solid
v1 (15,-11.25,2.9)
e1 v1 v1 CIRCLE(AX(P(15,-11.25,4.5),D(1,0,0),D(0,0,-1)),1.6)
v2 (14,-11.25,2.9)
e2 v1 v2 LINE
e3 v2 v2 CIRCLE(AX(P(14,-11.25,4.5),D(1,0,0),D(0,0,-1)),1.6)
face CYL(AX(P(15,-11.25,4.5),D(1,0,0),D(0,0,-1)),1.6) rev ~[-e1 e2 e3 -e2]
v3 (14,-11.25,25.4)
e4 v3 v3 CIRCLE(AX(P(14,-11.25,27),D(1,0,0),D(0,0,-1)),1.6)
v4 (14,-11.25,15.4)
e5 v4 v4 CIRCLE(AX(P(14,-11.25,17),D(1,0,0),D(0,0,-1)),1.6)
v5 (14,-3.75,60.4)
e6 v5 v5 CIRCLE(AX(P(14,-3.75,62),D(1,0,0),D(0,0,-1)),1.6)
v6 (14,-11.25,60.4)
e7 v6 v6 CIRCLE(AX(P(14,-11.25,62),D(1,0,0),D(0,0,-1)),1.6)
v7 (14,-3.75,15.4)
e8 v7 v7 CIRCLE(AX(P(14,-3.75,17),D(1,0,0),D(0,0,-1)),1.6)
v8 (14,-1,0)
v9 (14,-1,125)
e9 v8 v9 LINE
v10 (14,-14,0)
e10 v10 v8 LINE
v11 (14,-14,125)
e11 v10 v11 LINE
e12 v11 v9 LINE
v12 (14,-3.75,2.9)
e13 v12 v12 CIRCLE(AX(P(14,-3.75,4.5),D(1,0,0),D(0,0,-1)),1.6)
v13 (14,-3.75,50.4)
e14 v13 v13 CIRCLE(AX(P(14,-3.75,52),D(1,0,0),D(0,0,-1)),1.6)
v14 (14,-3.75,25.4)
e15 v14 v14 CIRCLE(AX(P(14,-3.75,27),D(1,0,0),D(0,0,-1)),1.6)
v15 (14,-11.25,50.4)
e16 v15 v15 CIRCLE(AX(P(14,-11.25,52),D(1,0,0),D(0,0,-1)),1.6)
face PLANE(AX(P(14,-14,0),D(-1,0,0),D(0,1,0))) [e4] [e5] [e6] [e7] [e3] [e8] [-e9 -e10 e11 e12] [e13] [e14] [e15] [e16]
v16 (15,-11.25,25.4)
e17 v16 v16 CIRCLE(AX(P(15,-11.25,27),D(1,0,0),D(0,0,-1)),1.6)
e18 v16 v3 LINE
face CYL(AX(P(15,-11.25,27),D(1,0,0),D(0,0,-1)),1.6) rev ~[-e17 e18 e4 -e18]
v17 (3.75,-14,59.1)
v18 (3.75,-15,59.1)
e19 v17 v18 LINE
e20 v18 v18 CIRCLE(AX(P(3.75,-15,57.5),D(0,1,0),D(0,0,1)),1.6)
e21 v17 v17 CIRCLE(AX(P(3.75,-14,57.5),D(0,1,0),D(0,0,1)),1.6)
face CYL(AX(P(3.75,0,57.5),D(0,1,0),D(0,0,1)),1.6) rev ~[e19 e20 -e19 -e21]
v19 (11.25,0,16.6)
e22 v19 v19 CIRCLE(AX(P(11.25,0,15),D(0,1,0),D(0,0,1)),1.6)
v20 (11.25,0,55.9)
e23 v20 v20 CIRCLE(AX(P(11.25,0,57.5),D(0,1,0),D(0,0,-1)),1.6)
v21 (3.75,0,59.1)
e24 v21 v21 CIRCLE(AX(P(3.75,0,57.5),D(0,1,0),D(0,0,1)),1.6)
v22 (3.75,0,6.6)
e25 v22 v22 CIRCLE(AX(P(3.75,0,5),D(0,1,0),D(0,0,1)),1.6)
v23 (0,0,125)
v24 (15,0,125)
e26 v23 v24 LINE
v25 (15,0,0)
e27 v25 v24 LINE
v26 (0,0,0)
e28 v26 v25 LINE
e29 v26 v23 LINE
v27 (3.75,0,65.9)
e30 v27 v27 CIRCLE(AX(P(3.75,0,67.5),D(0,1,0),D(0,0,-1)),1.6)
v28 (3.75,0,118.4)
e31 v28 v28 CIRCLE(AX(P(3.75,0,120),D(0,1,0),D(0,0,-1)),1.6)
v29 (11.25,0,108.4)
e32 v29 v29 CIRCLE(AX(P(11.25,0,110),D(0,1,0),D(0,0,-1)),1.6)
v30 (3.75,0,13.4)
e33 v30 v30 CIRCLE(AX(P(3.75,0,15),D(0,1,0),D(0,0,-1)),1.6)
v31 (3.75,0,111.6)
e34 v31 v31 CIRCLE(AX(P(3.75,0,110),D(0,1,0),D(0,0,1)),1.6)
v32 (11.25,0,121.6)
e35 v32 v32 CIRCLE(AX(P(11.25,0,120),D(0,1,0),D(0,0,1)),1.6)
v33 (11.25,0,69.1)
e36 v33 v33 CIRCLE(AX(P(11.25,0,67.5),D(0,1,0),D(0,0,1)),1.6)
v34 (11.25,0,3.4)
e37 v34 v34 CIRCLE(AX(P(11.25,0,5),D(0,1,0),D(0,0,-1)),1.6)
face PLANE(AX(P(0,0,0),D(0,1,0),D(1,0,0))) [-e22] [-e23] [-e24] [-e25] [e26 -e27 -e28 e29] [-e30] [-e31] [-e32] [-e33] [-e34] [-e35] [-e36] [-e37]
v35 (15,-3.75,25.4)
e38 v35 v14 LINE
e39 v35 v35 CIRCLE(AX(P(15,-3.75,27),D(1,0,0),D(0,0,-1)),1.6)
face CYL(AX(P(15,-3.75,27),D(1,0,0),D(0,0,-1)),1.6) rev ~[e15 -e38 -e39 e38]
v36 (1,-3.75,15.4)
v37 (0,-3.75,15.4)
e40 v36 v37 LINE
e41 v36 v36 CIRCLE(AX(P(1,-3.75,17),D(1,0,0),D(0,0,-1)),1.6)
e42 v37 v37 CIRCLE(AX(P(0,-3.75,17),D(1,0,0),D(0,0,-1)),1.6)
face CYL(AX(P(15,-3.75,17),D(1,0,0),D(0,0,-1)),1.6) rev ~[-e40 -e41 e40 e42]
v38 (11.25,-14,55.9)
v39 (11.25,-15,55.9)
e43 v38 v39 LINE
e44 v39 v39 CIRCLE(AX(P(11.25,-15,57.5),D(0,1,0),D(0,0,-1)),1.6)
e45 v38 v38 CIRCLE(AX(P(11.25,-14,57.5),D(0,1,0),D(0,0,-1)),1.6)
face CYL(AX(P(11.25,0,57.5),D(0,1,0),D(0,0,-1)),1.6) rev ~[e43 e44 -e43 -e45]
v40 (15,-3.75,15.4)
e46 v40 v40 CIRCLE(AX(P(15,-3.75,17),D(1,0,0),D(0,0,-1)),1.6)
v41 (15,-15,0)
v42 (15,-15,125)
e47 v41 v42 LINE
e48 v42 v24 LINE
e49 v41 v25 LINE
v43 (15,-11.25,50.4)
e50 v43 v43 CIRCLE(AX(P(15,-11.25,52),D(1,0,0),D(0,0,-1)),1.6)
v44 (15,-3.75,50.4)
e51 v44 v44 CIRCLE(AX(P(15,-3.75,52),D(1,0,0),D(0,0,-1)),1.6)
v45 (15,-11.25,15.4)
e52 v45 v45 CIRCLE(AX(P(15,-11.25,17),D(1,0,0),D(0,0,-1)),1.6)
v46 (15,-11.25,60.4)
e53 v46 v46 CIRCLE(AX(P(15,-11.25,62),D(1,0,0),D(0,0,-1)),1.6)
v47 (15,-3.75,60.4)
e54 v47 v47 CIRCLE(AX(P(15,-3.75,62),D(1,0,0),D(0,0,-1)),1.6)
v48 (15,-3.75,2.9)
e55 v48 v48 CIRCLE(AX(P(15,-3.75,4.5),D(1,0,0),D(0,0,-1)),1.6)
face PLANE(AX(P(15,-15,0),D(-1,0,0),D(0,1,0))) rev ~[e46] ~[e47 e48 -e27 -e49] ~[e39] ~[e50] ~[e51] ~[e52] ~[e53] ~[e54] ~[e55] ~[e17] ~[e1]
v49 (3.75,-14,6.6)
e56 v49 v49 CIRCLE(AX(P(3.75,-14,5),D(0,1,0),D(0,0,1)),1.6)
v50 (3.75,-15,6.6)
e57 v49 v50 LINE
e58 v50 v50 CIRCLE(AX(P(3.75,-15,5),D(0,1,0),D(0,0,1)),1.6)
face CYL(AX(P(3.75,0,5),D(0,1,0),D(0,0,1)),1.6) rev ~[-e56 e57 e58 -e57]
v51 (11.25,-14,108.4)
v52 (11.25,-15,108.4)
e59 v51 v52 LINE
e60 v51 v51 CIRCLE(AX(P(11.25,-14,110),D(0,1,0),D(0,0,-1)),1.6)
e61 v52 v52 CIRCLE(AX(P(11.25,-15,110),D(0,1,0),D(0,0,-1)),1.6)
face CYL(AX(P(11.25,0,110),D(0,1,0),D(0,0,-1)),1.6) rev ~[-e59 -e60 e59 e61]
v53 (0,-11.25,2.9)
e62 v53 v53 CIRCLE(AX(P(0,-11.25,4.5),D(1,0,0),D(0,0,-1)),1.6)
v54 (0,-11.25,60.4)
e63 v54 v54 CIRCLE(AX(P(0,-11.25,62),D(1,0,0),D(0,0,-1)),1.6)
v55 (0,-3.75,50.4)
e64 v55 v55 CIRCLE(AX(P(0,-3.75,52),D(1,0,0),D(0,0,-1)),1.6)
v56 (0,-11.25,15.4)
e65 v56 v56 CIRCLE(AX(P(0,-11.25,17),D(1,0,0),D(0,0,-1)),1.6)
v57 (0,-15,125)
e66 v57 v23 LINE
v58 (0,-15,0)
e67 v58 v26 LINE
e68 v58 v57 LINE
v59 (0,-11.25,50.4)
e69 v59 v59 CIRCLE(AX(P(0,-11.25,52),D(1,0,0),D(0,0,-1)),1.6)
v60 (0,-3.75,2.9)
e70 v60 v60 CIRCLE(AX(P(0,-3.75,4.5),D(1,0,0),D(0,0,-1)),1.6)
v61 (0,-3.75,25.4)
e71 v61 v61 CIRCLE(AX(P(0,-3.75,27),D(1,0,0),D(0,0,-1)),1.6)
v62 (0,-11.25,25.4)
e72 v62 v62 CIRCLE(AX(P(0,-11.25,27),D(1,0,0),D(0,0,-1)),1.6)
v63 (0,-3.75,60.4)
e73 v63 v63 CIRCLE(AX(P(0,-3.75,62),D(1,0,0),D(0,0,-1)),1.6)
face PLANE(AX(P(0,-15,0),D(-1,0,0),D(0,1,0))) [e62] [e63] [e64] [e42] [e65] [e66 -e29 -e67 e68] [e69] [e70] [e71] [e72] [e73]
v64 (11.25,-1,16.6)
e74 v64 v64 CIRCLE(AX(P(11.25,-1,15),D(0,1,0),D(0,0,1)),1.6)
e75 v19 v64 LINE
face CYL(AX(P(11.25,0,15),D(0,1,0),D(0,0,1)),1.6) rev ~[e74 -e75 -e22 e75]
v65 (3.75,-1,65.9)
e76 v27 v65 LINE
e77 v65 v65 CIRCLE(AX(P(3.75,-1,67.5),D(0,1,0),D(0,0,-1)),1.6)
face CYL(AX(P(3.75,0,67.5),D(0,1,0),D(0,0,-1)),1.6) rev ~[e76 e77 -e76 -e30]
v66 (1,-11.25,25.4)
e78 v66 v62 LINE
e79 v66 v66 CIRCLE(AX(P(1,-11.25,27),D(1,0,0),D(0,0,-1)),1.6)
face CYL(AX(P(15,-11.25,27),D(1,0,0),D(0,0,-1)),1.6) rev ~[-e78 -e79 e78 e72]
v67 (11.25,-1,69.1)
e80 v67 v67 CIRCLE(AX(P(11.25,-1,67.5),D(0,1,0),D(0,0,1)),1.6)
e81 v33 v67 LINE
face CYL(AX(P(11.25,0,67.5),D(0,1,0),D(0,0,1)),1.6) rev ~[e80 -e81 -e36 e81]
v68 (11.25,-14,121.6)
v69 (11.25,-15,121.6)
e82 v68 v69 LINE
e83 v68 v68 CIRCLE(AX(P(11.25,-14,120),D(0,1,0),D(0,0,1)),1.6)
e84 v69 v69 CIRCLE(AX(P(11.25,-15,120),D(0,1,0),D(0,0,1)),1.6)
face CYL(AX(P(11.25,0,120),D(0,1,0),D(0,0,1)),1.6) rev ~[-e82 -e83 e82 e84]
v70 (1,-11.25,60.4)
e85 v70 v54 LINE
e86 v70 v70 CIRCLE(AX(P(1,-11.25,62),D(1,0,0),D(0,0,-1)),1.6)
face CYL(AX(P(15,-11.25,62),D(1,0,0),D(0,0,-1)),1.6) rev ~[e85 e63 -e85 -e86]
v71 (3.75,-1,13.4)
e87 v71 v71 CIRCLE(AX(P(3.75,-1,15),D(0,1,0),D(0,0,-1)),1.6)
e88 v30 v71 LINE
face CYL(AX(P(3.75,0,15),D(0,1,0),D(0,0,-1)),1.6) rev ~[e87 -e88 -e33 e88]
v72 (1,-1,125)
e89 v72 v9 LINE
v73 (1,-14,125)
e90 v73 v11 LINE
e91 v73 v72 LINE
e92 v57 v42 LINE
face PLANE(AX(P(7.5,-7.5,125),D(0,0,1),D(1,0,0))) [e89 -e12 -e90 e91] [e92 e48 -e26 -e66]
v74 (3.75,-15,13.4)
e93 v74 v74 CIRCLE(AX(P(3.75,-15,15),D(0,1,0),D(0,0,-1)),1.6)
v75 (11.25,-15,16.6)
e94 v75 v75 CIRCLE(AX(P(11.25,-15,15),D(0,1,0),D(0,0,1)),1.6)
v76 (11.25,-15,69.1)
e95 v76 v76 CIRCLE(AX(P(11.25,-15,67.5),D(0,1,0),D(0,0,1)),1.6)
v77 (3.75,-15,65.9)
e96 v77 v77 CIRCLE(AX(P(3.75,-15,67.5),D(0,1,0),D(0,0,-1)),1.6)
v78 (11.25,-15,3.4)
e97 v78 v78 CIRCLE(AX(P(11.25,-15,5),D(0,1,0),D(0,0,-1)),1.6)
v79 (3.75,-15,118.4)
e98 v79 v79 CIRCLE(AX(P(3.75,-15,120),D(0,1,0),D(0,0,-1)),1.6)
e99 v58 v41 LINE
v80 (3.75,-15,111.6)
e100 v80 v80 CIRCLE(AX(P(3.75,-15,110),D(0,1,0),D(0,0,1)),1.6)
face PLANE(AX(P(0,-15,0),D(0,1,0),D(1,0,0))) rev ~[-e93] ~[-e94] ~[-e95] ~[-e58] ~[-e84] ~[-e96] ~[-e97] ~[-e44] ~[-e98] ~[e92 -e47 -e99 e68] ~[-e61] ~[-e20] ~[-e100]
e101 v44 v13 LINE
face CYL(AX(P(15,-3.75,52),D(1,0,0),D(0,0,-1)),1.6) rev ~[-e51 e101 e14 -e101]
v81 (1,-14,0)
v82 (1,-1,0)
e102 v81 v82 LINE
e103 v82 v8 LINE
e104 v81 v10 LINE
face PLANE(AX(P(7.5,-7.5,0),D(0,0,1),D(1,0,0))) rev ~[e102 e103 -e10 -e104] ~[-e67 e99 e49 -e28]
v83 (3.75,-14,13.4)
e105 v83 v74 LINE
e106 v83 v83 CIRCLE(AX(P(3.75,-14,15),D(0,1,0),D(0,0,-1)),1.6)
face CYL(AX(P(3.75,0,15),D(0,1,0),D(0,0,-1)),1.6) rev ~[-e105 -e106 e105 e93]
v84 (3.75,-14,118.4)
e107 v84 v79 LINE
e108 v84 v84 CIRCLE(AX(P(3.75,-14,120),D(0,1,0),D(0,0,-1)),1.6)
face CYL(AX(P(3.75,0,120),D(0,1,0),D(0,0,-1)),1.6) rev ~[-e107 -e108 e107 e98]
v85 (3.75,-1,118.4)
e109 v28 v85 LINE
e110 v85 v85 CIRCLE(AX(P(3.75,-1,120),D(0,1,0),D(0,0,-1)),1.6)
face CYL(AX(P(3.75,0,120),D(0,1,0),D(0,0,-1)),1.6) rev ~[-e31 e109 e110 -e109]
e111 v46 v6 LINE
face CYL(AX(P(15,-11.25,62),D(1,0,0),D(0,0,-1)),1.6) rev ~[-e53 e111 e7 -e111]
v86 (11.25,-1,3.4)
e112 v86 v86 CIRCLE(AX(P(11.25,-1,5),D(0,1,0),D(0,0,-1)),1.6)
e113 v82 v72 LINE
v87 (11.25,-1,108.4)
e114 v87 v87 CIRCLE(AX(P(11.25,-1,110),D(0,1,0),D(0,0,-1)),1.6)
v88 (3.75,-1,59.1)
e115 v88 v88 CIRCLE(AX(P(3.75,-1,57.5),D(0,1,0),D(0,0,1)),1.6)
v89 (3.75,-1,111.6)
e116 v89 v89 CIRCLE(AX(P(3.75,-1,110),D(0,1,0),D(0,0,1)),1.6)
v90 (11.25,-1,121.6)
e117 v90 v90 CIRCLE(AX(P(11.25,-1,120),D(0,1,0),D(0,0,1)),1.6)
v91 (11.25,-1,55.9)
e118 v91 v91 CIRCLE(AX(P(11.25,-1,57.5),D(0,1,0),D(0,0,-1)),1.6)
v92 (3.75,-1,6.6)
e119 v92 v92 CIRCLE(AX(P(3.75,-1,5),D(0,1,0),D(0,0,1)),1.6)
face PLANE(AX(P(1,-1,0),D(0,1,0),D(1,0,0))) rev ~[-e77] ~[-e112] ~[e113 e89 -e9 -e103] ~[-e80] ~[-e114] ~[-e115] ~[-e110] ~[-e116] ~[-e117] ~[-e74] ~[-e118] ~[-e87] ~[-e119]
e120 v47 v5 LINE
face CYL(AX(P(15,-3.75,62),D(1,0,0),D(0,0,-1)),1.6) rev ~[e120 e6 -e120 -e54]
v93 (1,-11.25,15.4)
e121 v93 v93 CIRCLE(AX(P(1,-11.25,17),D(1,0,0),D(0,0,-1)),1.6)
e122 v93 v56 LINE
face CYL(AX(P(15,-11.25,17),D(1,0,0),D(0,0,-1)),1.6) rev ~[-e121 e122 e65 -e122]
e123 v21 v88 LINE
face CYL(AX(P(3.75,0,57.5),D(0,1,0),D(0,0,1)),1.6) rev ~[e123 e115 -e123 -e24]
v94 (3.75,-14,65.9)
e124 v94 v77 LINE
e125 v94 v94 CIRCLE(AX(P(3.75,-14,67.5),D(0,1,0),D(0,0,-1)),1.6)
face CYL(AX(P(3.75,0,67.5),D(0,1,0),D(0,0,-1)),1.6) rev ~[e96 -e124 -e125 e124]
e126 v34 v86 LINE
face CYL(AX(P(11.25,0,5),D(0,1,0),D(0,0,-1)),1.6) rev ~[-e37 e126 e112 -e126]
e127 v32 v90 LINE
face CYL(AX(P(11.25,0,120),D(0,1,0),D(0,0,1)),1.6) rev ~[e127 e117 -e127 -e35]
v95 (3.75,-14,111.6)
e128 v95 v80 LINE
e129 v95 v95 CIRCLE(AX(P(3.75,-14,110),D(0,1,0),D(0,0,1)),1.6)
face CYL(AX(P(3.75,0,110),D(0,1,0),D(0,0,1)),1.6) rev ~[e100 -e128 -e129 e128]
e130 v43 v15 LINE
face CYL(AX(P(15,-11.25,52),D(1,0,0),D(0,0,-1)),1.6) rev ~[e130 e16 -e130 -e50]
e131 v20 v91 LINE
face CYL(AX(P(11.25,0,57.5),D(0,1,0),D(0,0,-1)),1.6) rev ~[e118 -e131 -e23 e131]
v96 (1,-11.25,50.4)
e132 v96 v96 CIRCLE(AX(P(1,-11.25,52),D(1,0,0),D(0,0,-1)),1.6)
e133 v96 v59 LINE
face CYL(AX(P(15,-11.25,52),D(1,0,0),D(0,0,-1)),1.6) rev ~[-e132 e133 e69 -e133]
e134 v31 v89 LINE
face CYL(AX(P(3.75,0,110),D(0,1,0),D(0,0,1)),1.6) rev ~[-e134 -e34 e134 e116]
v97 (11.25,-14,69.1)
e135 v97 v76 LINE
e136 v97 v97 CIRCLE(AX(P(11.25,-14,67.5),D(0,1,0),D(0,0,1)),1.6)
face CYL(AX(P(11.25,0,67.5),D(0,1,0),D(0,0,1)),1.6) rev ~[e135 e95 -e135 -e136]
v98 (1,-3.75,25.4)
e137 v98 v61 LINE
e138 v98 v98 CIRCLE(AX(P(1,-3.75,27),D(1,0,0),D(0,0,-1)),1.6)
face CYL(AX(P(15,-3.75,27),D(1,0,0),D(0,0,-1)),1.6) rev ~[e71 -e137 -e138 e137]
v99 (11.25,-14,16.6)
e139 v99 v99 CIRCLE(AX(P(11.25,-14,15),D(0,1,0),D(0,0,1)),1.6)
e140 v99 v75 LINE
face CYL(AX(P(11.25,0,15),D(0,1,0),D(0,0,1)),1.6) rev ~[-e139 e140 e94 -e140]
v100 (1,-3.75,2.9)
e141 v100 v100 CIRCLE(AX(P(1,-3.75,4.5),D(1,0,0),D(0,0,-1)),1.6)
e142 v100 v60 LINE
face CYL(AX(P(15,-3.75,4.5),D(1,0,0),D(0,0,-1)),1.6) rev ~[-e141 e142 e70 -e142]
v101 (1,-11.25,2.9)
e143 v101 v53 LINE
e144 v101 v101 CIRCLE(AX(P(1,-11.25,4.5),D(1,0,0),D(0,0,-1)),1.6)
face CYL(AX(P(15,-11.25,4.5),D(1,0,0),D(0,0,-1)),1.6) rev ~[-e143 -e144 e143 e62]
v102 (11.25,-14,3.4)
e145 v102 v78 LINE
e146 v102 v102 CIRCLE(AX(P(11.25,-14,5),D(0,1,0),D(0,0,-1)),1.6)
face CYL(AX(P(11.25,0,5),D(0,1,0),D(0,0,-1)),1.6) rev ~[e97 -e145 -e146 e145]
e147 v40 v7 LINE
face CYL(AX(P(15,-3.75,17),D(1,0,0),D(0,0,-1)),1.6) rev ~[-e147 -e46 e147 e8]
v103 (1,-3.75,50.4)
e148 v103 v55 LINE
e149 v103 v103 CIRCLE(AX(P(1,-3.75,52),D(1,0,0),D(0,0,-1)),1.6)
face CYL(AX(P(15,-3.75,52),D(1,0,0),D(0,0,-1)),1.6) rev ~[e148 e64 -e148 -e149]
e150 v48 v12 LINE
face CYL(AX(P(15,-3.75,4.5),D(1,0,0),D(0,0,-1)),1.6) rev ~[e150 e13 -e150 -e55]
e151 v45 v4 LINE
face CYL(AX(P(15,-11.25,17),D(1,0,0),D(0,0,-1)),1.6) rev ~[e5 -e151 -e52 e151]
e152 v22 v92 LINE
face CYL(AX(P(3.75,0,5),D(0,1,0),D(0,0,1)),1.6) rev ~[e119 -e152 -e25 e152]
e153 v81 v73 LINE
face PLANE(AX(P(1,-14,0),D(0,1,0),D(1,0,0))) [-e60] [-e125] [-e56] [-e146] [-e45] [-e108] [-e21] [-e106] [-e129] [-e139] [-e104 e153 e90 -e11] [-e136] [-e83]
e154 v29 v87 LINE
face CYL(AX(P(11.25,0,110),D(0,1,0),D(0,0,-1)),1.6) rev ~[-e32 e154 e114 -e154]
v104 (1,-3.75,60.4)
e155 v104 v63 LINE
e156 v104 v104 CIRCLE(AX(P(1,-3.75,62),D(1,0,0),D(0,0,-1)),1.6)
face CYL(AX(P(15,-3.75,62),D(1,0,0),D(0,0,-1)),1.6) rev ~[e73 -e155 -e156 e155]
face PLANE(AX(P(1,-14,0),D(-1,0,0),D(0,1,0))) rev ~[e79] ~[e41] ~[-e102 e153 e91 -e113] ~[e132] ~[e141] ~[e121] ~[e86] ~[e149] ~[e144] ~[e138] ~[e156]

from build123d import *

# Parameters (mm, degrees)
SKETCH_1_W          = 15
SKETCH_1_H          = 15
SKETCH_1_W_2        = 13
SKETCH_1_H_2        = 13
EXTRUDE_1_DEPTH     = 125
SKETCH_2_R          = 1.6
CUT_EXTRUDE_1_DEPTH = 127.787223331
SKETCH_3_R          = 1.6
CUT_EXTRUDE_2_DEPTH = 127.787223331


with BuildPart() as part:
    # 草图1 → 拉伸-薄壁1 (new body)
    with BuildSketch(Plane.XY):
        with Locations((7.5, -7.5)):
            Rectangle(SKETCH_1_W, SKETCH_1_H)
        with Locations((7.5, -7.5)):
            Rectangle(SKETCH_1_W_2, SKETCH_1_H_2, mode=Mode.SUBTRACT)
    extrude(amount=EXTRUDE_1_DEPTH)

    # 草图2 → 切除-拉伸1 (cut, through all)
    with BuildSketch(Plane(origin=(15, 0, 0), x_dir=(0, 0, -1), z_dir=(1, 0, 0))):
        with Locations((-62, -3.75)):
            Circle(SKETCH_2_R)
        with Locations((-62, -11.25)):
            Circle(SKETCH_2_R)
        with Locations((-52, -11.25)):
            Circle(SKETCH_2_R)
        with Locations((-52, -3.75)):
            Circle(SKETCH_2_R)
        with Locations((-17, -3.75)):
            Circle(SKETCH_2_R)
        with Locations((-17, -11.25)):
            Circle(SKETCH_2_R)
        with Locations((-27, -11.25)):
            Circle(SKETCH_2_R)
        with Locations((-27, -3.75)):
            Circle(SKETCH_2_R)
        with Locations((-4.5, -3.75)):
            Circle(SKETCH_2_R)
        with Locations((-4.5, -11.25)):
            Circle(SKETCH_2_R)
    extrude(amount=-CUT_EXTRUDE_1_DEPTH, mode=Mode.SUBTRACT)

    # 草图3 → 切除-拉伸2 (cut, through all)
    with BuildSketch(Plane(origin=(0, 0, 0), x_dir=(1, 0, 0), z_dir=(0, 1, 0))):
        with Locations(Location((3.75, -5, 0), (0, 0, 270))):
            Circle(SKETCH_3_R)
        with Locations(Location((11.25, -5, 0), (0, 0, 90))):
            Circle(SKETCH_3_R)
        with Locations(Location((11.25, -15, 0), (0, 0, 270))):
            Circle(SKETCH_3_R)
        with Locations(Location((3.75, -15, 0), (0, 0, 90))):
            Circle(SKETCH_3_R)
        with Locations(Location((3.75, -57.5, 0), (0, 0, 270))):
            Circle(SKETCH_3_R)
        with Locations(Location((11.25, -57.5, 0), (0, 0, 90))):
            Circle(SKETCH_3_R)
        with Locations(Location((11.25, -67.5, 0), (0, 0, 270))):
            Circle(SKETCH_3_R)
        with Locations(Location((3.75, -67.5, 0), (0, 0, 90))):
            Circle(SKETCH_3_R)
        with Locations(Location((3.75, -110, 0), (0, 0, 270))):
            Circle(SKETCH_3_R)
        with Locations(Location((11.25, -110, 0), (0, 0, 90))):
            Circle(SKETCH_3_R)
        with Locations(Location((11.25, -120, 0), (0, 0, 270))):
            Circle(SKETCH_3_R)
        with Locations(Location((3.75, -120, 0), (0, 0, 90))):
            Circle(SKETCH_3_R)
    extrude(amount=-CUT_EXTRUDE_2_DEPTH, mode=Mode.SUBTRACT)


solid = part.part
